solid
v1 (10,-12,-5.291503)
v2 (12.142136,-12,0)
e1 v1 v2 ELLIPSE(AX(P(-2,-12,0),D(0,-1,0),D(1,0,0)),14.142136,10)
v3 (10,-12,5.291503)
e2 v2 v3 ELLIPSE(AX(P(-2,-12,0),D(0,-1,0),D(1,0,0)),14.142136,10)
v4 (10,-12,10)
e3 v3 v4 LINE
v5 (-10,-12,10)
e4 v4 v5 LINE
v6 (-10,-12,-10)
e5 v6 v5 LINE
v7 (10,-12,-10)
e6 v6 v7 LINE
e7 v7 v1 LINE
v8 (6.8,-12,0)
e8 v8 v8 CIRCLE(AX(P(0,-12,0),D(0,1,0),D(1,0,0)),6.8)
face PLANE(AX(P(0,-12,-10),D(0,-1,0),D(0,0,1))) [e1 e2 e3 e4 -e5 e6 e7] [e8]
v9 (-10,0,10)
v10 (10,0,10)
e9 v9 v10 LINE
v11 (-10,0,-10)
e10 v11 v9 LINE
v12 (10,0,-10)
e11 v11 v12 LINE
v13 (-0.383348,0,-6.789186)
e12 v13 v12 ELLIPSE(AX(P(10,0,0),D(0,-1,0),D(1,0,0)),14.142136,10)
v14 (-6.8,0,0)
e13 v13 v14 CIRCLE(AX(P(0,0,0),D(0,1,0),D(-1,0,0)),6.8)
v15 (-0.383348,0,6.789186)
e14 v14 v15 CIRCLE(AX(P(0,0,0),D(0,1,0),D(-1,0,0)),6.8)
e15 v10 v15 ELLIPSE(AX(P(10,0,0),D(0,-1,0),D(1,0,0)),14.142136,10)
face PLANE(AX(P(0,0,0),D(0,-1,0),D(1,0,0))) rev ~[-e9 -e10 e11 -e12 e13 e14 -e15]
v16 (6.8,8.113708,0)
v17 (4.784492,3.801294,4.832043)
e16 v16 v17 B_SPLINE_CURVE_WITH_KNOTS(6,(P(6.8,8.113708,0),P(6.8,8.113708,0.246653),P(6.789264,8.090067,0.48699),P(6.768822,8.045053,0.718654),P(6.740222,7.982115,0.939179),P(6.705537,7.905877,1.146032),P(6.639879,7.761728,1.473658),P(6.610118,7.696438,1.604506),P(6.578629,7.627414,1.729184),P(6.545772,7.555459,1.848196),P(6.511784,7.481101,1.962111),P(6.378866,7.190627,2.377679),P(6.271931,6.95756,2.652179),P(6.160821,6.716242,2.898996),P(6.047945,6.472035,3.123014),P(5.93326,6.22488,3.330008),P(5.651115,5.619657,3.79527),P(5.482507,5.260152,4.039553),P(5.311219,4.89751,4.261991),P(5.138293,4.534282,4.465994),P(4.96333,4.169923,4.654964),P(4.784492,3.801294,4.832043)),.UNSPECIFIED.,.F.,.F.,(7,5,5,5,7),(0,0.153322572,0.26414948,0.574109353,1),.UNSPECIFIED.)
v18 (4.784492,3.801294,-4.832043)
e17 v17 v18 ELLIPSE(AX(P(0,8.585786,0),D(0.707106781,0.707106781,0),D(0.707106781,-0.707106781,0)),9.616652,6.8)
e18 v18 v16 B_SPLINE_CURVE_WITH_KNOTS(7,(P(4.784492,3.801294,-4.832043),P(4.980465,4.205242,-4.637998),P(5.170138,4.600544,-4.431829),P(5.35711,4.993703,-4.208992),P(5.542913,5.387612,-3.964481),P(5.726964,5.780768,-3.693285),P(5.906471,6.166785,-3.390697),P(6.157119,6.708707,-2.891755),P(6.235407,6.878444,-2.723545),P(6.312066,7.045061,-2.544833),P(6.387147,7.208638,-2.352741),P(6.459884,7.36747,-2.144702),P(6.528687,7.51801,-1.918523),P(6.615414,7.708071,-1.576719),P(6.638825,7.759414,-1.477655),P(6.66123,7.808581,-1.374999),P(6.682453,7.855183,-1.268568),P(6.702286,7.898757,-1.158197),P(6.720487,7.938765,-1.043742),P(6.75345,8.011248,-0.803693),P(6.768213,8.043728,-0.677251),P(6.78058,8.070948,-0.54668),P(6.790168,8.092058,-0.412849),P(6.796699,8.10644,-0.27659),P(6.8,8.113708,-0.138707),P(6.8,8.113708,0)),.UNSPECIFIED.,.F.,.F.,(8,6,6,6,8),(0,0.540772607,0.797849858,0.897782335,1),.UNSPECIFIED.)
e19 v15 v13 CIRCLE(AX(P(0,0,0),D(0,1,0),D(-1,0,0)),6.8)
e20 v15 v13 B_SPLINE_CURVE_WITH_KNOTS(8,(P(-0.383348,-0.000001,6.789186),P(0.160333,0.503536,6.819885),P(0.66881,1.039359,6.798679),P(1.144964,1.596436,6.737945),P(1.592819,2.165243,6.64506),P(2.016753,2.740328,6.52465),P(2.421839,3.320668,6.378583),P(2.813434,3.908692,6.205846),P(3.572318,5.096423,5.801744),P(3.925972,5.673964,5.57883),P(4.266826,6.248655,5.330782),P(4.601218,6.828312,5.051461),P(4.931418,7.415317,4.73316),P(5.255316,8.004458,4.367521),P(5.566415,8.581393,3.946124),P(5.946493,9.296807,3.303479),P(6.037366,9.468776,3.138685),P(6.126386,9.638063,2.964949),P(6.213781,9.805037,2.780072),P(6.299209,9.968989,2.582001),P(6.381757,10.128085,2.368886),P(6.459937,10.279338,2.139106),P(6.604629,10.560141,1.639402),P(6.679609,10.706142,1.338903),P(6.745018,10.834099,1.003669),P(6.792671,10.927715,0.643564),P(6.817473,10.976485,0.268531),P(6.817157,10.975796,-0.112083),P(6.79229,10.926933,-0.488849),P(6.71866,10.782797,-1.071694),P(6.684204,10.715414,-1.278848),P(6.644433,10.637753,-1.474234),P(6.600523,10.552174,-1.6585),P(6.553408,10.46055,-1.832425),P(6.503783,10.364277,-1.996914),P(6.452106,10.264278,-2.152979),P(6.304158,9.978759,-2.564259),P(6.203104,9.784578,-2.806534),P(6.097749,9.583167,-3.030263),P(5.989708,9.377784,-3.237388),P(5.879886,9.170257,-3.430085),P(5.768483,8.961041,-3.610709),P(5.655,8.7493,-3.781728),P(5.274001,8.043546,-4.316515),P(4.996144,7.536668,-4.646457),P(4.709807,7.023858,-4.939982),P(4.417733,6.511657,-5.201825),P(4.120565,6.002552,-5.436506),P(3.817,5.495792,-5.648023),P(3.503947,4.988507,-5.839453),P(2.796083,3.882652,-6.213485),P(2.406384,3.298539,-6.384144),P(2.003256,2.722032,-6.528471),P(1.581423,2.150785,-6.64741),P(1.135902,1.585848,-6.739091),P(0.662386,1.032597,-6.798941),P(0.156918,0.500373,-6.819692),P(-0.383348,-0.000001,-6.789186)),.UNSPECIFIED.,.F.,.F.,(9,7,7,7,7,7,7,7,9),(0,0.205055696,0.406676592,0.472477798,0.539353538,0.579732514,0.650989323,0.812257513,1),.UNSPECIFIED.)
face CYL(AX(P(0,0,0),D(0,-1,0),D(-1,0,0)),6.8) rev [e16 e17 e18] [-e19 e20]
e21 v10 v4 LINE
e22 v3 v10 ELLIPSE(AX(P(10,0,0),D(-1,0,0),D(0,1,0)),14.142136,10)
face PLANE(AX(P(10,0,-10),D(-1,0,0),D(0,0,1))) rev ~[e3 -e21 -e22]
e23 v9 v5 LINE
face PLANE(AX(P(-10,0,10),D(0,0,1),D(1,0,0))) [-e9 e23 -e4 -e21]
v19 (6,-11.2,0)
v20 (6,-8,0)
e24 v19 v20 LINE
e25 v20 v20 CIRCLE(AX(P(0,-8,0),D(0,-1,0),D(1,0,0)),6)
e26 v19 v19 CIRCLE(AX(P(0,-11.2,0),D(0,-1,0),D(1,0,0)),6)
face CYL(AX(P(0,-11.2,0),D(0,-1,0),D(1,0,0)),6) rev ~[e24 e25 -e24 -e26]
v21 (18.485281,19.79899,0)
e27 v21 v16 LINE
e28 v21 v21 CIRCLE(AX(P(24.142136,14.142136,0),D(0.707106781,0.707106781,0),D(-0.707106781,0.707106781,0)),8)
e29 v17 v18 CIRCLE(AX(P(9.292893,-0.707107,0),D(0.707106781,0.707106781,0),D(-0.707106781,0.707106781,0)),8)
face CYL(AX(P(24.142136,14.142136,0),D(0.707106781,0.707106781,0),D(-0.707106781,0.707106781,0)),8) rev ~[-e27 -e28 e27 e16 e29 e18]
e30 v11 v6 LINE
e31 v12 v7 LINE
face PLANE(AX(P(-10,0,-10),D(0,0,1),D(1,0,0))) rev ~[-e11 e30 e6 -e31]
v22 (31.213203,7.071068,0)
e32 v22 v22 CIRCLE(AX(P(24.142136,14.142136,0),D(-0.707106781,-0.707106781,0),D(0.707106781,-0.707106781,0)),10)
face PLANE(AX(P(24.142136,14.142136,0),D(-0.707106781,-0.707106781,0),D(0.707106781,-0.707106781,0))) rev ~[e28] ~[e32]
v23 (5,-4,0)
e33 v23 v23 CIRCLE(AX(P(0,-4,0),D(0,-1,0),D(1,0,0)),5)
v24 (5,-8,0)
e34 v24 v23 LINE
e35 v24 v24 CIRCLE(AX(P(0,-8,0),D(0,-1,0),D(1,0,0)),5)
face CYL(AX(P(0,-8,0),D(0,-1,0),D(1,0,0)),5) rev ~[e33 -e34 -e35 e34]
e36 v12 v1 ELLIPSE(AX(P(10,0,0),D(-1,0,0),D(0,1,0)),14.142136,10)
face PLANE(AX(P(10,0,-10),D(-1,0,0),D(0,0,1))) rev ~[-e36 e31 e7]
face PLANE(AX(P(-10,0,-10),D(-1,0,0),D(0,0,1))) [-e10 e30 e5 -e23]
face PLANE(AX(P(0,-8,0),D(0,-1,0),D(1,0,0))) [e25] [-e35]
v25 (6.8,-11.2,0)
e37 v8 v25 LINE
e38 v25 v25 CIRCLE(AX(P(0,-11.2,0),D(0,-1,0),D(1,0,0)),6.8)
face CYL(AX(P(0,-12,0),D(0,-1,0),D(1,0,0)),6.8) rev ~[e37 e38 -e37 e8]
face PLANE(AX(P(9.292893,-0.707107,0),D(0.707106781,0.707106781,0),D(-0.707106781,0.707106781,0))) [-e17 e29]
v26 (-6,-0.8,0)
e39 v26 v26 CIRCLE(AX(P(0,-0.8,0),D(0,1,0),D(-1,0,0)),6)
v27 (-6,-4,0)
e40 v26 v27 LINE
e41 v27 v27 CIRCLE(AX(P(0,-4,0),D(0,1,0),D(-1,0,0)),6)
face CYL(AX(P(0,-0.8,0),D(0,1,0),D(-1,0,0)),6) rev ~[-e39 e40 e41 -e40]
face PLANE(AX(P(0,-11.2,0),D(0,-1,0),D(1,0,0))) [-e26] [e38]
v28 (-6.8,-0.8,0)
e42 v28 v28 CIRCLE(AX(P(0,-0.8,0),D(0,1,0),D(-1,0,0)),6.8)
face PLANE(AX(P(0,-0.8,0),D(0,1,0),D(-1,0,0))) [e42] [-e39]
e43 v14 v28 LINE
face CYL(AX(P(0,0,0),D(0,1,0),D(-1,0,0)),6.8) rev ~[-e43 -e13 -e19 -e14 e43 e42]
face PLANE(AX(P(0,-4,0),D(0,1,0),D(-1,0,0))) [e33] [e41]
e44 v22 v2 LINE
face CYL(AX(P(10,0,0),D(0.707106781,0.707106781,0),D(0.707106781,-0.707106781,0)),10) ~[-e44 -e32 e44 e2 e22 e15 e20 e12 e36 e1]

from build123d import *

# Parameters (mm, degrees)
F0_W          = 20
F0_H          = 20
F1_DEPTH      = 12
F3_R          = 10
F4_DEPTH      = 20
F4_DEPTH_BACK = 9
F5_R          = 6.8
F6_DEPTH      = 0.8
F7_R          = 6.8
F8_DEPTH      = 0.8
F8_DEPTH_BACK = 25
F9_R          = 6
F10_DEPTH     = 3.2
F11_R         = 6
F12_DEPTH     = 3.2
F13_R         = 5
F14_DEPTH     = 4
F15_W         = 6.5863579512
F15_H         = 20
F16_DEPTH     = 25
F17_R         = 8
F18_DEPTH     = 21


with BuildPart() as f1:
    # F0 (on Front) → F1 (new body)
    with BuildSketch(Plane.XZ):
        Rectangle(F0_W, F0_H)
    extrude(amount=F1_DEPTH)

    # F3 (on face) → F4 (join, two sides)
    with BuildSketch(Plane(origin=(5, 5, 0), x_dir=(0.7071067812, -0.7071067812, 0), z_dir=(-0.7071067812, -0.7071067812, 0))) as f4_sk:
        with Locations((7.0710678119, 0)):
            Circle(F3_R)
    extrude(amount=-F4_DEPTH)
    extrude(f4_sk.sketch, amount=F4_DEPTH_BACK)

    # F5 (on face) → F6 (cut)
    with BuildSketch(Plane.XZ.offset(12)):
        Circle(F5_R)
    extrude(amount=-F6_DEPTH, mode=Mode.SUBTRACT)

    # F7 (on face) → F8 (cut, two sides)
    with BuildSketch(Plane(origin=(0, 0, 0), x_dir=(-1, 0, 0), z_dir=(0, 1, 0))) as f8_sk:
        Circle(F7_R)
    extrude(amount=-F8_DEPTH, mode=Mode.SUBTRACT)
    extrude(f8_sk.sketch, amount=F8_DEPTH_BACK, mode=Mode.SUBTRACT)

    # F9 (on face) → F10 (cut)
    with BuildSketch(Plane(origin=(0, -0.8, 0), x_dir=(-1, 0, 0), z_dir=(0, 1, 0))):
        Circle(F9_R)
    extrude(amount=-F10_DEPTH, mode=Mode.SUBTRACT)

    # F11 (on face) → F12 (cut)
    with BuildSketch(Plane.XZ.offset(11.2)):
        Circle(F11_R)
    extrude(amount=-F12_DEPTH, mode=Mode.SUBTRACT)

    # F13 (on face) → F14 (cut, through all)
    with BuildSketch(Plane.XZ.offset(8)):
        Circle(F13_R)
    extrude(amount=-F14_DEPTH, mode=Mode.SUBTRACT)

    # F15 (on Right) → F16 (cut)
    with BuildSketch(Plane.YZ):
        with Locations((-15.2931789756, 0)):
            Rectangle(F15_W, F15_H)
    extrude(amount=F16_DEPTH, mode=Mode.SUBTRACT)

    # F17 (on face) → F18 (cut)
    with BuildSketch(Plane(origin=(19.1421356237, 19.1421356237, 0), x_dir=(-0.7071067812, 0.7071067812, 0), z_dir=(0.7071067812, 0.7071067812, 0))):
        with Locations((-7.0710678119, 0)):
            Circle(F17_R)
    extrude(amount=-F18_DEPTH, mode=Mode.SUBTRACT)


solid = f1.part
